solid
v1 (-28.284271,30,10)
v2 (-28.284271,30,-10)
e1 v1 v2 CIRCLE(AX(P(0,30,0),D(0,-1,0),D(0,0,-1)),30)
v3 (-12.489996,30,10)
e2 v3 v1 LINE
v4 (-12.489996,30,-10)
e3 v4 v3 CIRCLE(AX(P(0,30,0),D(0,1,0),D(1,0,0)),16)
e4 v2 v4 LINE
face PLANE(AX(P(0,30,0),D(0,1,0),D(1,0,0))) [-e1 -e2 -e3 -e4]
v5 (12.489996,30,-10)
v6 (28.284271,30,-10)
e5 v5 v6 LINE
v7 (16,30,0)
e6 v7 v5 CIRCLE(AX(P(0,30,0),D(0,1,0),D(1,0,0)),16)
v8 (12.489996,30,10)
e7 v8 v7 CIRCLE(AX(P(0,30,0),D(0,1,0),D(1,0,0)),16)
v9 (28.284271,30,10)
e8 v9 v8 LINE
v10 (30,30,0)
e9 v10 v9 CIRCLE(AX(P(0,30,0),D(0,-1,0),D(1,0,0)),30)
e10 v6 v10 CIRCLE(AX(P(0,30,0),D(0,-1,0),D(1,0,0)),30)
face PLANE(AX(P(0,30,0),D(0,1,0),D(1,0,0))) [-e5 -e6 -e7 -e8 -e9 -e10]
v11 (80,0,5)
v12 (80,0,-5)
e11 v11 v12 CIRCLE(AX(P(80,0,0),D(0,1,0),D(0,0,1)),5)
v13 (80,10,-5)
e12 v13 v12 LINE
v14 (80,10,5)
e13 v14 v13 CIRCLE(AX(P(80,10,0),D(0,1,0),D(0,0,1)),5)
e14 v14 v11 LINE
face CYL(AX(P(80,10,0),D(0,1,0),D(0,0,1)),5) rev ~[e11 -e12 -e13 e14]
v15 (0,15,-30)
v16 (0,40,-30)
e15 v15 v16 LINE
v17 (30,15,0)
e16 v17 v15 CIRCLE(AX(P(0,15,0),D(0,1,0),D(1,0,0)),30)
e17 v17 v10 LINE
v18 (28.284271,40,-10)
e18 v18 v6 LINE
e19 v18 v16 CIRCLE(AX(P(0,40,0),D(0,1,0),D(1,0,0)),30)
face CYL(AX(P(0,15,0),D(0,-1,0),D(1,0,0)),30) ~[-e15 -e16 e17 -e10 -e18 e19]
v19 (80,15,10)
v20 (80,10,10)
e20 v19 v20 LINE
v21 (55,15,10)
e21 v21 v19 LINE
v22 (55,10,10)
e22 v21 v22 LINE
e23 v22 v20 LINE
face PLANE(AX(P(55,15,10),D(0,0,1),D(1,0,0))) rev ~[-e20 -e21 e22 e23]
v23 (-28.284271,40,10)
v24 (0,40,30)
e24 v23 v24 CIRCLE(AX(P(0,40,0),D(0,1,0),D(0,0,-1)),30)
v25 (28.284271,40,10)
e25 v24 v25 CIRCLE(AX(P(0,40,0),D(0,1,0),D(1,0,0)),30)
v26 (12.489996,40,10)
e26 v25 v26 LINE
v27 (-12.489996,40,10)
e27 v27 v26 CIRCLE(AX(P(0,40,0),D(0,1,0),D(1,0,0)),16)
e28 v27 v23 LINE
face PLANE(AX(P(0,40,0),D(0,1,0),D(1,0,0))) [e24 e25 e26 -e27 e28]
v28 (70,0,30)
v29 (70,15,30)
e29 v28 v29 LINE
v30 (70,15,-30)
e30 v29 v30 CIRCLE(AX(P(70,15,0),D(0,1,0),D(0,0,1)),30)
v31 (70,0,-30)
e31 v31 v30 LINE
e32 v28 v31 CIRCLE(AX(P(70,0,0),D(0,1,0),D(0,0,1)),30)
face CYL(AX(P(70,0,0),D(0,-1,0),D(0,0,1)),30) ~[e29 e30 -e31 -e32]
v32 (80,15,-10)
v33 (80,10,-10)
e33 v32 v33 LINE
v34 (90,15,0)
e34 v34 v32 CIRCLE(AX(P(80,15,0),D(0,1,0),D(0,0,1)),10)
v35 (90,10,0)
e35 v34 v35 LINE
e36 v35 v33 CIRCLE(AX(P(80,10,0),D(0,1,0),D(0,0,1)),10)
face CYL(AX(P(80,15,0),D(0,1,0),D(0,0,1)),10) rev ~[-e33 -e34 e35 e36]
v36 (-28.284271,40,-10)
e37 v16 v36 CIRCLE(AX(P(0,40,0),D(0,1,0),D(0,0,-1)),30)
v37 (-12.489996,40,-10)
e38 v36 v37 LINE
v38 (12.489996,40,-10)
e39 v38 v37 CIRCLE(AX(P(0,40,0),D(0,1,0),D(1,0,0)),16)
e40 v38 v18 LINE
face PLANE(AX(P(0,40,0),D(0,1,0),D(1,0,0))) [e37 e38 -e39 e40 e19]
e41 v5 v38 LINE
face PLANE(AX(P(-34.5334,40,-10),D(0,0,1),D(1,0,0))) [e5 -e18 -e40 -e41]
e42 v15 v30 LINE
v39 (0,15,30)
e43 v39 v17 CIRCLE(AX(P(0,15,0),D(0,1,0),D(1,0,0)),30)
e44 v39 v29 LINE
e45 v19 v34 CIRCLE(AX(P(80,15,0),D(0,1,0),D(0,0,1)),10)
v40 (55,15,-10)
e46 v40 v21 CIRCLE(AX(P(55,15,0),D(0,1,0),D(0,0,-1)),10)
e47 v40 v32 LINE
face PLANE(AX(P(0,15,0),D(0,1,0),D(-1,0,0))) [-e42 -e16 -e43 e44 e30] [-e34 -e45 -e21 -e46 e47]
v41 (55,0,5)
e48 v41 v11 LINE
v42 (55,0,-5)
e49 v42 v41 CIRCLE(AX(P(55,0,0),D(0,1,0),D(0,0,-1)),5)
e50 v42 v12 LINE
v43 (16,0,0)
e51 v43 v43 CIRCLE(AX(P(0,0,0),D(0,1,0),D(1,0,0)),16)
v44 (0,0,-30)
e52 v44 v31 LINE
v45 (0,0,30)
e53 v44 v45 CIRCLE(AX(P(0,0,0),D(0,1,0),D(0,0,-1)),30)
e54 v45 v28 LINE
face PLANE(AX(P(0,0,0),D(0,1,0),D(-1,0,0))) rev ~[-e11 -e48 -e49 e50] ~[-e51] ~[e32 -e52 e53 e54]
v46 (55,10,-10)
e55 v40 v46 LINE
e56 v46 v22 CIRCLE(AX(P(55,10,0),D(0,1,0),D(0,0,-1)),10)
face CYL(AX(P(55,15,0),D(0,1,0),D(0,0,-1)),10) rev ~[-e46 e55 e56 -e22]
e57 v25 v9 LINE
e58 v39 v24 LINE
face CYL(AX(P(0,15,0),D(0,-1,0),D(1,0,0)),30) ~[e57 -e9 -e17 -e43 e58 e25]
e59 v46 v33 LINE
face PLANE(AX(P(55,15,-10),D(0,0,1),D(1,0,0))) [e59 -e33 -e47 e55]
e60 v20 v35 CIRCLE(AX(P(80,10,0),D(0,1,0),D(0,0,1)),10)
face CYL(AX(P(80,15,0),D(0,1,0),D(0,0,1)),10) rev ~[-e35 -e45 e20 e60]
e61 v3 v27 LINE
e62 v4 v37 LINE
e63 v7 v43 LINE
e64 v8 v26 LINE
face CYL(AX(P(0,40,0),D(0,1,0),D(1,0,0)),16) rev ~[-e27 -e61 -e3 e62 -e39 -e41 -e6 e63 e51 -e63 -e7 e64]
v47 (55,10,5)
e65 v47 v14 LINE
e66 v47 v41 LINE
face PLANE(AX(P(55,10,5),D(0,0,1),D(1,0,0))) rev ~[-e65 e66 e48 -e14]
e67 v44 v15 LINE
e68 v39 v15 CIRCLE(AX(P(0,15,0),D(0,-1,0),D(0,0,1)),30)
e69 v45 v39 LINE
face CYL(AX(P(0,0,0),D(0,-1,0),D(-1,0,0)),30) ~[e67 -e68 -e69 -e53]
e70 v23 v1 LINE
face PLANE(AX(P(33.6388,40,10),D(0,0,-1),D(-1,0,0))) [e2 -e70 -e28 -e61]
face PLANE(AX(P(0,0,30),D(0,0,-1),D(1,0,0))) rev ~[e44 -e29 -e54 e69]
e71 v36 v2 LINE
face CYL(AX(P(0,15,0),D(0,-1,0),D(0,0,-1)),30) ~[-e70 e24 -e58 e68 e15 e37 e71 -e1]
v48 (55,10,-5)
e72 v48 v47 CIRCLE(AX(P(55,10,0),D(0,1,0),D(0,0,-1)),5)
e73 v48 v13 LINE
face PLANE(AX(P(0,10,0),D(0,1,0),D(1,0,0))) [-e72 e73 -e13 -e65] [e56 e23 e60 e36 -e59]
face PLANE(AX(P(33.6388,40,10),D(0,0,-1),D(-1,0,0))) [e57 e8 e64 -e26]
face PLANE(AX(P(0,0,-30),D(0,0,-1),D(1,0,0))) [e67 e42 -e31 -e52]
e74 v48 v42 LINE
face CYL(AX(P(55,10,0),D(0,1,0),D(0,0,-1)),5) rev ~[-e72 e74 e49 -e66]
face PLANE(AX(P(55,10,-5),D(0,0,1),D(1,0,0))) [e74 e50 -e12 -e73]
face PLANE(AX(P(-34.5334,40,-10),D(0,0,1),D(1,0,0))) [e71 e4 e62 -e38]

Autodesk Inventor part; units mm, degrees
ref_plane "YZ Plane" through (0, 0, 0) normal (1, 0, 0) x (0, 1, 0)
ref_plane "XZ Plane" through (0, 0, 0) normal (0, 1, 0) x (-1, 0, 0)
ref_plane "XY Plane" through (0, 0, 0) normal (0, 0, 1) x (1, 0, 0)
sketch "草圖1" plane through (0, 0, 0) normal (0, 1, 0) x (-1, 0, 0)
  circle A0 centre (0, 0) radius 30
  line L0 (0, -30) -> (-70, -30)
  arc A1 (-70, 30) -> (-70, -30) centre (-70, 0) ccw
  line L1 (0, 30) -> (-70, 30)
  dimension "d0" = 70
  dimension "d1" = 30
  dimension "d2" = 60
extrude "擠出1" add sketch "草圖1" along normal blind 15
sketch "草圖2" plane through (0, 15, 0) normal (0, 1, 0) x (1, 0, 0)
  arc A0 (0, 30) -> (0, -30) centre (0, 0) ccw projected
  line L0 (0, -30) -> (70, -30) projected
  arc A1 (70, -30) -> (70, 30) centre (70, 0) ccw projected
  line L1 (70, 30) -> (0, 30) projected
  circle A2 centre (0, 0) radius 30
extrude "擠出2" add sketch "草圖2" along normal blind 25 contours A2 A0
sketch "草圖3" plane through (0, 40, 0) normal (0, 1, 0) x (1, 0, 0)
  circle A0 centre (0, 0) radius 16
  dimension "d7" = 32
extrude "擠出3" cut sketch "草圖3" against normal up to next
sketch "草圖4" plane through (0, 40, 0) normal (0, 1, 0) x (1, 0, 0)
  line L0 (-34.5334, 10) -> (33.6388, 10)
  line L1 (33.6388, 10) -> (33.6388, -10)
  line L2 (33.6388, -10) -> (-34.5334, -10)
  line L3 (-34.5334, -10) -> (-34.5334, 10)
  line L4 (-29.5296, 0) -> (41.1192, 0)
  point P0 (0, 0)
  dimension "d10" = 20
extrude "擠出4" cut sketch "草圖4" against normal blind 10
sketch "草圖5" plane through (0, 15, 0) normal (0, 1, 0) x (1, 0, 0)
  line L0 (48.3987, 0) -> (103.2063, 0)
  line L1 (55, 10) -> (80, 10)
  line L2 (55, -10) -> (80, -10)
  arc A0 (80, -10) -> (80, 10) centre (80, 0) ccw
  arc A1 (55, 10) -> (55, -10) centre (55, 0) ccw
  line L3 (0, 0) -> (0, 8.9825) construction
  dimension "d13" = 55
  dimension "d14" = 25
  dimension "d15" = 10
  dimension "d16" = 10
extrude "擠出5" cut sketch "草圖5" against normal blind 5
sketch "草圖6" plane through (0, 10, 0) normal (0, 1, 0) x (1, 0, 0)
  line L0 (55, 5) -> (80, 5)
  arc A0 (55, 5) -> (55, -5) centre (55, 0) ccw
  arc A1 (80, -5) -> (80, 5) centre (80, 0) ccw
  line L1 (55, -5) -> (80, -5)
  line L2 (0, 0) -> (0, 5.5956) construction
  line L3 (0, 0) -> (10.788, 0) construction
  line L4 (0, -30) -> (70, -30) projected
  dimension "d19" = 55
  dimension "d20" = 25
  dimension "d22" = 5
  dimension "d23" = 5
  dimension "d25" = 30
  dimension "d26" = 0
extrude "擠出6" cut sketch "草圖6" against normal blind 10
properties part number "複習一"
